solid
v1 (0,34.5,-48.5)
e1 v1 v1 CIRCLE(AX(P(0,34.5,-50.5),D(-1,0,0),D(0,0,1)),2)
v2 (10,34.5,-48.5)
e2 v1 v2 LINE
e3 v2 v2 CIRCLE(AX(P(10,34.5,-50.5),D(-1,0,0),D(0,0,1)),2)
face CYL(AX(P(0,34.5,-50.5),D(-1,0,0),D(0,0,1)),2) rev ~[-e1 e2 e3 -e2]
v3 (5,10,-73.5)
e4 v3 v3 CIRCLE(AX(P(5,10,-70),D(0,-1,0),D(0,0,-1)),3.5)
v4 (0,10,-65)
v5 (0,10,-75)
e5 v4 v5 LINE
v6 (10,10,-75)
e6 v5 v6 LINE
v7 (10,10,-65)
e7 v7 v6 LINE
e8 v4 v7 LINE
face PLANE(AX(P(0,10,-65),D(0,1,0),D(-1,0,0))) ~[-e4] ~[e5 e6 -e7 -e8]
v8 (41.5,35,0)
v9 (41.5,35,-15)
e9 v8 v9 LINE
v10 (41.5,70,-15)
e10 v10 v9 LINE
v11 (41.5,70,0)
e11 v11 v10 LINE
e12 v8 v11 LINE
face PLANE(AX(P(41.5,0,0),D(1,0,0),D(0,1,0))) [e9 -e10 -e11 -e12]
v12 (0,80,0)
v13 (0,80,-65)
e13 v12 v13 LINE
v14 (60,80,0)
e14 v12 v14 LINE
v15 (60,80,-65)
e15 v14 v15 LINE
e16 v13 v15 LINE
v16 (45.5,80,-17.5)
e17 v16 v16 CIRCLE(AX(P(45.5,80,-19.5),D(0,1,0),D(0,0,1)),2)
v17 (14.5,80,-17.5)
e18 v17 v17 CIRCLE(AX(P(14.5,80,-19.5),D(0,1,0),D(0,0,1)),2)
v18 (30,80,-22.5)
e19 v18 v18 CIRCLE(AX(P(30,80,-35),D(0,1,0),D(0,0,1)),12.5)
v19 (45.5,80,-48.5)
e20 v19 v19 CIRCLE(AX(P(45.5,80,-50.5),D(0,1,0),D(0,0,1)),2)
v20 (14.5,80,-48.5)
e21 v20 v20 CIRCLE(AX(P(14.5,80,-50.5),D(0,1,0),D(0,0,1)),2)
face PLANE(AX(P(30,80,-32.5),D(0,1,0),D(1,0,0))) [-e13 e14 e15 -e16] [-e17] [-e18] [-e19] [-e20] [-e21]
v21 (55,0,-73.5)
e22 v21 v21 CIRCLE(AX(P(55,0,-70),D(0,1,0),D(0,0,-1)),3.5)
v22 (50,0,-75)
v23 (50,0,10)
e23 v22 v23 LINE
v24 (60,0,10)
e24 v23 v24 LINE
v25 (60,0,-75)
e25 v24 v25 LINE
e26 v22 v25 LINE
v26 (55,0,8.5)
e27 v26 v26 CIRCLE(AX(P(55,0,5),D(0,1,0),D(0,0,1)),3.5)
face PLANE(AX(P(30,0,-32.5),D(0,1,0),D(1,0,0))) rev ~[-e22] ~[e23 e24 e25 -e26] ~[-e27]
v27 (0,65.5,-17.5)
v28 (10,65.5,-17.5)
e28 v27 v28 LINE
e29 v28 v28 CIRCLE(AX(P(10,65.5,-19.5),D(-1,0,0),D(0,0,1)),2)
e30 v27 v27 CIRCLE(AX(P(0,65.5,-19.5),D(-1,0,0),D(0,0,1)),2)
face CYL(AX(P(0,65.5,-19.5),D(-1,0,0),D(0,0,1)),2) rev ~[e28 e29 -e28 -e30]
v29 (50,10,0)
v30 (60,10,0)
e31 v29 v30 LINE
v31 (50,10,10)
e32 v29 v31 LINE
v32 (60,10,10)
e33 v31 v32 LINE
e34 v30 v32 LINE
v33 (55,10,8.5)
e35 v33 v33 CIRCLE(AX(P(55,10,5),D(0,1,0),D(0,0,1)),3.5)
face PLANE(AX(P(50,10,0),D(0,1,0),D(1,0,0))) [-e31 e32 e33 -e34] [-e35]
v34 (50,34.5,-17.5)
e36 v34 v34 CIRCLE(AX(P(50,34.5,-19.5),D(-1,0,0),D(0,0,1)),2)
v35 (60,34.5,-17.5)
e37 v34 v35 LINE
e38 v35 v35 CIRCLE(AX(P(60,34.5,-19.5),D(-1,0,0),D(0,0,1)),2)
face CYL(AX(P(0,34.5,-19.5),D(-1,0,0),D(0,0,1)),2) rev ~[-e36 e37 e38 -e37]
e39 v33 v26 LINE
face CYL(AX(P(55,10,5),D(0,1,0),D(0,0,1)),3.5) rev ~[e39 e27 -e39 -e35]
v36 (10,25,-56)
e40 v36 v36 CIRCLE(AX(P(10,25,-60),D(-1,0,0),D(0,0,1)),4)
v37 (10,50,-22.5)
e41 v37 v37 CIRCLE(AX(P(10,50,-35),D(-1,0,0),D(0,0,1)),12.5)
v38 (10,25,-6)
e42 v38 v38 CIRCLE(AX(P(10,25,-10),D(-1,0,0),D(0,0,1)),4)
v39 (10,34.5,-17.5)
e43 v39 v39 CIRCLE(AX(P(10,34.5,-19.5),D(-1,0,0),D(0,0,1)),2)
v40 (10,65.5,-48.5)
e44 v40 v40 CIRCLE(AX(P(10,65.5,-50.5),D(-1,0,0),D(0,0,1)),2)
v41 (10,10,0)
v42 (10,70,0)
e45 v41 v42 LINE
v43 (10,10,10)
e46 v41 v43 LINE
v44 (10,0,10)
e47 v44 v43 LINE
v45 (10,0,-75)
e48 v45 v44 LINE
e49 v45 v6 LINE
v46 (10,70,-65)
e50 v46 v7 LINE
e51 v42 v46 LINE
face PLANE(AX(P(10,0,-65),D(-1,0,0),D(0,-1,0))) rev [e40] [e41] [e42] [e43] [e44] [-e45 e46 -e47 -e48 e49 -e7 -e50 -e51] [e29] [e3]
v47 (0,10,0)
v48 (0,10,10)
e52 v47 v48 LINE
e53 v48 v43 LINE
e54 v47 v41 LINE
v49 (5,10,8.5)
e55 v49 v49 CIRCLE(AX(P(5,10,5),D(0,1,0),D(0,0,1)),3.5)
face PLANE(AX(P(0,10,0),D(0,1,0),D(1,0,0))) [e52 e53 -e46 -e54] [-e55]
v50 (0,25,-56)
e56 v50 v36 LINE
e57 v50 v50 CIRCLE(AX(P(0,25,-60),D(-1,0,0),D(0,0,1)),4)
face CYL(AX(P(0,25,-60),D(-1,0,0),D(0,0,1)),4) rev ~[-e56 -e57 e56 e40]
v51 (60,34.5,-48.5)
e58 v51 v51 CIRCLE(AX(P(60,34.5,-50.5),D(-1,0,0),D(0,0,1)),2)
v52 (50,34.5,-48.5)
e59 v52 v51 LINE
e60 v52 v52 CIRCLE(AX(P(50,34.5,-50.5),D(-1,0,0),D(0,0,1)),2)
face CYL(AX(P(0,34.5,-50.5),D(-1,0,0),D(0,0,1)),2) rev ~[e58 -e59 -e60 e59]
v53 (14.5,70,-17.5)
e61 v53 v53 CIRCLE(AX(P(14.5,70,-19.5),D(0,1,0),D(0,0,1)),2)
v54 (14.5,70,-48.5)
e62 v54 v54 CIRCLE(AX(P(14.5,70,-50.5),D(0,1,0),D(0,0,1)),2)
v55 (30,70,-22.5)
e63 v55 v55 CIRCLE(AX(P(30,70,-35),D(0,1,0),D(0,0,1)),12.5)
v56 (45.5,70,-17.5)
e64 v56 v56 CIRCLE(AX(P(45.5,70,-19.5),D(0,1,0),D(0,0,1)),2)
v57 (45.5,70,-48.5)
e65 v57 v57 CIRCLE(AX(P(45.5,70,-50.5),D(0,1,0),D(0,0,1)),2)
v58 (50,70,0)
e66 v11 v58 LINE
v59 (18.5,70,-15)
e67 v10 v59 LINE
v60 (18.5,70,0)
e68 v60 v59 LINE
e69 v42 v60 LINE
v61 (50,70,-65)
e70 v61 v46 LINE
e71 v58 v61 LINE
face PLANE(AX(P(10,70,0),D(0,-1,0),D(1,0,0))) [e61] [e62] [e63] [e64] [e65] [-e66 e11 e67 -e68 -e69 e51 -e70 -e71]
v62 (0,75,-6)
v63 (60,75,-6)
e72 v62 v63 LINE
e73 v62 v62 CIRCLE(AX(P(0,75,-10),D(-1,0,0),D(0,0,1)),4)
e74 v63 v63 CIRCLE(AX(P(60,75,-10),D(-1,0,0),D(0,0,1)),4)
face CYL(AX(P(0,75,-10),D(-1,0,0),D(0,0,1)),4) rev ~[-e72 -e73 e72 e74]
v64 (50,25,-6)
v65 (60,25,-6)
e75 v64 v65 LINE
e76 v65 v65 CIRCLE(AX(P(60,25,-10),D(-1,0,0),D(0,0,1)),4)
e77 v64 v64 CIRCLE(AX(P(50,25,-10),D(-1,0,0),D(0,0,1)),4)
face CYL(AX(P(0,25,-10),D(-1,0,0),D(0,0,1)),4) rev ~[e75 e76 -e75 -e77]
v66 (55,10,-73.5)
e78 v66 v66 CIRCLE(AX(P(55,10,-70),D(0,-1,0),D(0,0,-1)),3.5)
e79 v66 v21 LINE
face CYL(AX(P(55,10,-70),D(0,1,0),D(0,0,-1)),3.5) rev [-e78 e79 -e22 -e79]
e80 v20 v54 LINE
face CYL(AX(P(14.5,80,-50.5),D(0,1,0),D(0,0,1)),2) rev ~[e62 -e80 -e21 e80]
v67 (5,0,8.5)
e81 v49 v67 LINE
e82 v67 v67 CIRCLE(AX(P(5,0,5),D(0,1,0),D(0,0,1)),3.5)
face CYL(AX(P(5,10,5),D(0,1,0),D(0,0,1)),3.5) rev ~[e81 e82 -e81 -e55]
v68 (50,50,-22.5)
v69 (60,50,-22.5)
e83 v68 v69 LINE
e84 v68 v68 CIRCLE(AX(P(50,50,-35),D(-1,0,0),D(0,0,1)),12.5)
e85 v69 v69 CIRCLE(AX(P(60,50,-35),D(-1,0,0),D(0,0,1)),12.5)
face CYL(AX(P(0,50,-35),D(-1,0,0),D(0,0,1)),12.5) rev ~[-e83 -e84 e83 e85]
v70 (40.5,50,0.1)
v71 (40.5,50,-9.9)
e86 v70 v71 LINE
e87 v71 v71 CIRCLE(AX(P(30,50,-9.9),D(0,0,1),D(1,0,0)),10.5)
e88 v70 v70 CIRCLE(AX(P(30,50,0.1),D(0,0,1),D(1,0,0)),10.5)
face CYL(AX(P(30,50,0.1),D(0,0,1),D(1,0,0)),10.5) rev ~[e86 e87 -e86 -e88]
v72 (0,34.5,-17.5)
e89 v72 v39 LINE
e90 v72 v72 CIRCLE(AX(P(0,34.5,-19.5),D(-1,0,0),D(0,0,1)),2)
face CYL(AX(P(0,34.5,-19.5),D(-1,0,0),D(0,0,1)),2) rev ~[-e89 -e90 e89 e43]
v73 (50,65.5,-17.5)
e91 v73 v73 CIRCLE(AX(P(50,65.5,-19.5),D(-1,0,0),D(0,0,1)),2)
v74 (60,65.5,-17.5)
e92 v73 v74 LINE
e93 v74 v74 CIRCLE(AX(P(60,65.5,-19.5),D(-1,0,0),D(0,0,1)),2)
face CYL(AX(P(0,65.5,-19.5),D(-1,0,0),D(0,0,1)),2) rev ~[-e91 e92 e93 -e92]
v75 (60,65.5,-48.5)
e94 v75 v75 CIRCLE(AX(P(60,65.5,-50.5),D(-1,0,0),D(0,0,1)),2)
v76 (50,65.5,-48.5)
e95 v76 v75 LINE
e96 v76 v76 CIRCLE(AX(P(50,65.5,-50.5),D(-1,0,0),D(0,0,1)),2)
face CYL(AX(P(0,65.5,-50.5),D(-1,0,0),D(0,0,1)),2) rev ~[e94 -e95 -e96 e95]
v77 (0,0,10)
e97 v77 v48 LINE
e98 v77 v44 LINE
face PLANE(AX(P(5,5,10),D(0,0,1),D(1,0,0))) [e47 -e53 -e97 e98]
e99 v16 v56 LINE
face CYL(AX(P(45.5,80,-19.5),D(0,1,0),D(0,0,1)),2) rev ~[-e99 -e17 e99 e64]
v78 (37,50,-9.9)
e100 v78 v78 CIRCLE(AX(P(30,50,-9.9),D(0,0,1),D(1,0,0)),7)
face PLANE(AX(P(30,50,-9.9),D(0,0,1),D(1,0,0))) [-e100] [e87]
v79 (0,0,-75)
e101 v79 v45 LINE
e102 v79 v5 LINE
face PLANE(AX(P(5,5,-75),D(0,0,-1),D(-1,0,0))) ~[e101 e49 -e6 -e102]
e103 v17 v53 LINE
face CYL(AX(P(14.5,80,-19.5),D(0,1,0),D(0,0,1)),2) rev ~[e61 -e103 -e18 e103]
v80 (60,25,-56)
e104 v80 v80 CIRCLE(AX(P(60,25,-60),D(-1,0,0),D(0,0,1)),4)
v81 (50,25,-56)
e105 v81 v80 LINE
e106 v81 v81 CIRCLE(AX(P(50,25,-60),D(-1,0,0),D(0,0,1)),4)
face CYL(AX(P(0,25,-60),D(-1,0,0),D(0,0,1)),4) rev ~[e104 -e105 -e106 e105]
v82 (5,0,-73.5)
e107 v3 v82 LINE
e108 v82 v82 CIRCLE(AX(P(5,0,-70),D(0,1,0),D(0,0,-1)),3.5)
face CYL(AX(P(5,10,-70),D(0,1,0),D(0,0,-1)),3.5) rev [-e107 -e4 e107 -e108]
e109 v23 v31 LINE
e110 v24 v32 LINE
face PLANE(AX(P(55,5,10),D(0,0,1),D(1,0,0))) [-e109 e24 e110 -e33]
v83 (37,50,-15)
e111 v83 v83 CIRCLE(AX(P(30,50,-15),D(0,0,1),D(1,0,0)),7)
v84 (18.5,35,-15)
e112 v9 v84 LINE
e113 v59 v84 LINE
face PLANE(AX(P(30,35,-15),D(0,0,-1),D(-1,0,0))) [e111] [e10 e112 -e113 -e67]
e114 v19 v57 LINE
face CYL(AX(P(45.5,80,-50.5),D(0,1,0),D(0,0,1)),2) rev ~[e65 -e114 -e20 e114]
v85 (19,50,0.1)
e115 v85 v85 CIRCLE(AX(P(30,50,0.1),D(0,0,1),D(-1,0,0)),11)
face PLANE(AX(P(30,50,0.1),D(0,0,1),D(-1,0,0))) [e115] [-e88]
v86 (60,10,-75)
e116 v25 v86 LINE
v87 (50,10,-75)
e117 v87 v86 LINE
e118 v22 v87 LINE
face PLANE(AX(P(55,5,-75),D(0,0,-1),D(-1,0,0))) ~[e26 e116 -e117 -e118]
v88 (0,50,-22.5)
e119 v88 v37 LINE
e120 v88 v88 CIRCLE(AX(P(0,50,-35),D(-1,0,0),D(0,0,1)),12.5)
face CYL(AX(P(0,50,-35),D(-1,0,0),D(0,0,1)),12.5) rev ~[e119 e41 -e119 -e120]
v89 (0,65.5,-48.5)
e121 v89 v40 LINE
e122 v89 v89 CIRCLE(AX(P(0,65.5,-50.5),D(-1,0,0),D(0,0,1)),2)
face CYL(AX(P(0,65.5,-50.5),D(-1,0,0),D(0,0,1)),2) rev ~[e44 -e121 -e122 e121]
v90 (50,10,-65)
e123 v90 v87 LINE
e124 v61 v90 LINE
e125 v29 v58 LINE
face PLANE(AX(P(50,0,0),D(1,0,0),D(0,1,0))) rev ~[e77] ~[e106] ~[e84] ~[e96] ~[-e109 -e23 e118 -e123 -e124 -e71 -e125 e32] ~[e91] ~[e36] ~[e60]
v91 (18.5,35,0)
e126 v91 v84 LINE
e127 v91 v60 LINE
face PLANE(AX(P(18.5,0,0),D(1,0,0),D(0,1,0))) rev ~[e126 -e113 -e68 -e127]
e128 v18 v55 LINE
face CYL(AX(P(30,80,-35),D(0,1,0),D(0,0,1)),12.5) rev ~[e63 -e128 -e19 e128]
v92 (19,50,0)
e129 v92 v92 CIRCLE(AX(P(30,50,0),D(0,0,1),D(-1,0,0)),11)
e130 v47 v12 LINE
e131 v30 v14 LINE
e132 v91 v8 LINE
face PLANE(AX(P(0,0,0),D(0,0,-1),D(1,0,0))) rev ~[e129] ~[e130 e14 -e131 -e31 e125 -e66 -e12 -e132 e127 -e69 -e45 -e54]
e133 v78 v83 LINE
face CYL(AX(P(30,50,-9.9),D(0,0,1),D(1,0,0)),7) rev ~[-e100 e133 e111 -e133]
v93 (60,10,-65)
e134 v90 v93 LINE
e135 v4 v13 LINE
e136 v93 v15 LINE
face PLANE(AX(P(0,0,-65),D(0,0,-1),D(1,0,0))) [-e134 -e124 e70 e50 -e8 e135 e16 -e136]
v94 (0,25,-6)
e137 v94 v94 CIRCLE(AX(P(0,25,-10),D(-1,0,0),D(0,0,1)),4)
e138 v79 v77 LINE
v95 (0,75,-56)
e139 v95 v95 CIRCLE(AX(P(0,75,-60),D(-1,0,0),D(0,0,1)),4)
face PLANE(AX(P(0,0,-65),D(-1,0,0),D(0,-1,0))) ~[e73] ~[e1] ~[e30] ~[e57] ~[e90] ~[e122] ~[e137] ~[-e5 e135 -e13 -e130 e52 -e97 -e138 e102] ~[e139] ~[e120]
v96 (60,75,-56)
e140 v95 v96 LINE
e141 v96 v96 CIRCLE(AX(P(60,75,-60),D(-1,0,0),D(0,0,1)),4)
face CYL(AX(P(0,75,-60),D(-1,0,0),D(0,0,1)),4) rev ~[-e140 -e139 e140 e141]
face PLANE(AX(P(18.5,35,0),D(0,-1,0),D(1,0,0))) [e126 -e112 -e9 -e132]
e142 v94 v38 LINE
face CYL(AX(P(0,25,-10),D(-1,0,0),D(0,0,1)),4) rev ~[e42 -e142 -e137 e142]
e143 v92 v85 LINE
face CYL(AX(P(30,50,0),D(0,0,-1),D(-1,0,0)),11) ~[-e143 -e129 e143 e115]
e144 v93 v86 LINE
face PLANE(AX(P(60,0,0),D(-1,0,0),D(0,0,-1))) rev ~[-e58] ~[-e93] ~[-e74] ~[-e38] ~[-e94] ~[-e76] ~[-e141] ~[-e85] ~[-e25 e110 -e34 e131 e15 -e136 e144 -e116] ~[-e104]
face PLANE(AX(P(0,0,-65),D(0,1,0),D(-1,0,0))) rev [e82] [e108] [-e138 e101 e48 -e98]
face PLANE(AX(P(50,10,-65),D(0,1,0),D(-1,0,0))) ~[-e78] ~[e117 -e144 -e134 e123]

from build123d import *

# Parameters (mm, degrees)
CROQUIS1_W              = 60
CROQUIS1_H              = 65
SALIENTE_EXTRUIR1_DEPTH = 80
CROQUIS2_R              = 12.5
CROQUIS2_R_2            = 2
CROQUIS2_R_3            = 4
CORTAR_EXTRUIR1_DEPTH   = 120.268604419
CROQUIS3_W              = 38
CROQUIS3_H              = 70
CORTAR_EXTRUIR4_DEPTH   = 50
CROQUIS4_W              = 8.5
CROQUIS4_H              = 70
CORTAR_EXTRUIR5_DEPTH   = 120.268604419
CROQUIS6_R              = 12.5
CROQUIS6_R_2            = 2
CORTAR_EXTRUIR6_DEPTH   = 120.268604419
CROQUIS15_R             = 11
SALIENTE_EXTRUIR6_DEPTH = 0.1
CROQUIS16_R             = 10.5
CORTAR_EXTRUIR11_DEPTH  = 10
CORTAR_EXTRUIR12_REACH  = 116.175
CROQUIS17_R             = 7
CROQUIS10_W             = 23
CROQUIS10_H             = 35
CORTAR_EXTRUIR9_DEPTH   = 120.268604419
CROQUIS11_W             = 10
CROQUIS11_H             = 10
SALIENTE_EXTRUIR4_DEPTH = 10
SKETCH1_R               = 3.5
CUT_EXTRUDE1_DEPTH      = 113.805141727


with BuildPart() as part:
    # Croquis1 → Saliente-Extruir1 (new body)
    with BuildSketch(Plane(origin=(0, 0, 0), x_dir=(1, 0, 0), z_dir=(0, 1, 0))):
        with Locations((30, 32.5)):
            Rectangle(CROQUIS1_W, CROQUIS1_H)
    extrude(amount=SALIENTE_EXTRUIR1_DEPTH)

    # Croquis2 → Cortar-Extruir1 (cut, through all)
    with BuildSketch(Plane.ZY):
        with Locations((-35, 50)):
            Circle(CROQUIS2_R)
        with Locations((-50.5, 65.5)):
            Circle(CROQUIS2_R_2)
        with Locations((-19.5, 65.5)):
            Circle(CROQUIS2_R_2)
        with Locations((-19.5, 34.5)):
            Circle(CROQUIS2_R_2)
        with Locations((-50.5, 34.5)):
            Circle(CROQUIS2_R_2)
        with Locations((-60, 75)):
            Circle(CROQUIS2_R_3)
        with Locations((-10, 75)):
            Circle(CROQUIS2_R_3)
        with Locations((-10, 25)):
            Circle(CROQUIS2_R_3)
        with Locations((-60, 25)):
            Circle(CROQUIS2_R_3)
    extrude(amount=-CORTAR_EXTRUIR1_DEPTH, mode=Mode.SUBTRACT)

    # Croquis3 → Cortar-Extruir4 (cut)
    with BuildSketch(Plane(origin=(0, 0, -65), x_dir=(-1, 0, 0), z_dir=(0, 0, -1))):
        with Locations((-30, 35)):
            Rectangle(CROQUIS3_W, CROQUIS3_H)
    extrude(amount=-CORTAR_EXTRUIR4_DEPTH, mode=Mode.SUBTRACT)

    # Croquis4 → Cortar-Extruir5 (cut, through all)
    with BuildSketch(Plane.XY):
        with Locations((14.25, 35)):
            Rectangle(CROQUIS4_W, CROQUIS4_H)
        with Locations((45.75, 35)):
            Rectangle(CROQUIS4_W, CROQUIS4_H)
    extrude(amount=-CORTAR_EXTRUIR5_DEPTH, mode=Mode.SUBTRACT)

    # Croquis6 → Cortar-Extruir6 (cut, through all)
    with BuildSketch(Plane(origin=(0, 80, 0), x_dir=(1, 0, 0), z_dir=(0, 1, 0))):
        with Locations(Location((30, 35, 0), (0, 0, 270))):
            Circle(CROQUIS6_R)
        with Locations(Location((14.5, 50.5, 0), (0, 0, 270))):
            Circle(CROQUIS6_R_2)
        with Locations(Location((45.5, 50.5, 0), (0, 0, 270))):
            Circle(CROQUIS6_R_2)
        with Locations(Location((45.5, 19.5, 0), (0, 0, 270))):
            Circle(CROQUIS6_R_2)
        with Locations(Location((14.5, 19.5, 0), (0, 0, 270))):
            Circle(CROQUIS6_R_2)
    extrude(amount=-CORTAR_EXTRUIR6_DEPTH, mode=Mode.SUBTRACT)

    # Croquis15 → Saliente-Extruir6 (add)
    with BuildSketch(Plane.XY):
        with Locations(Location((30, 50, 0), (0, 0, 180))):
            Circle(CROQUIS15_R)
    extrude(amount=SALIENTE_EXTRUIR6_DEPTH)

    # Croquis16 → Cortar-Extruir11 (cut)
    with BuildSketch(Plane.XY.offset(0.1)):
        with Locations((30, 50)):
            Circle(CROQUIS16_R)
    extrude(amount=-CORTAR_EXTRUIR11_DEPTH, mode=Mode.SUBTRACT)

    # Croquis17 → Cortar-Extruir12 (cut, up to next)
    with BuildSketch(Plane.XY.offset(-9.9), mode=Mode.PRIVATE) as cortar_extruir12_sk1:
        with Locations((30, 50)):
            Circle(CROQUIS17_R)
    cortar_extruir12_tool1 = extrude(cortar_extruir12_sk1.sketch, amount=-CORTAR_EXTRUIR12_REACH, mode=Mode.PRIVATE) & part.part
    add(cortar_extruir12_tool1.solids().sort_by_distance((30, 50, -9.9))[0], mode=Mode.SUBTRACT)

    # Croquis10 → Cortar-Extruir9 (cut, through all)
    with BuildSketch(Plane.XY):
        with Locations((30, 17.5)):
            Rectangle(CROQUIS10_W, CROQUIS10_H)
    extrude(amount=-CORTAR_EXTRUIR9_DEPTH, mode=Mode.SUBTRACT)

    # Croquis11 → Saliente-Extruir4 (add)
    with BuildSketch(Plane.XY):
        with Locations((5, 5)):
            Rectangle(CROQUIS11_W, CROQUIS11_H)
        with Locations((55, 5)):
            Rectangle(CROQUIS11_W, CROQUIS11_H)
    saliente_extruir4 = extrude(amount=SALIENTE_EXTRUIR4_DEPTH)

    # Sketch1 → Cut-Extrude1 (cut, through all)
    with BuildSketch(Plane(origin=(0, 10, 0), x_dir=(1, 0, 0), z_dir=(0, 1, 0))):
        with Locations(Location((5, -5, 0), (0, 0, 270))):
            Circle(SKETCH1_R)
        with Locations(Location((55, -5, 0), (0, 0, 270))):
            Circle(SKETCH1_R)
    cut_extrude1 = extrude(amount=-CUT_EXTRUDE1_DEPTH, mode=Mode.SUBTRACT)

    # Mirror2: Saliente-Extruir4, Cut-Extrude1 across plane
    add(saliente_extruir4.mirror(Plane.XY.offset(-32.5)))
    add(cut_extrude1.mirror(Plane.XY.offset(-32.5)), mode=Mode.SUBTRACT)


solid = part.part
